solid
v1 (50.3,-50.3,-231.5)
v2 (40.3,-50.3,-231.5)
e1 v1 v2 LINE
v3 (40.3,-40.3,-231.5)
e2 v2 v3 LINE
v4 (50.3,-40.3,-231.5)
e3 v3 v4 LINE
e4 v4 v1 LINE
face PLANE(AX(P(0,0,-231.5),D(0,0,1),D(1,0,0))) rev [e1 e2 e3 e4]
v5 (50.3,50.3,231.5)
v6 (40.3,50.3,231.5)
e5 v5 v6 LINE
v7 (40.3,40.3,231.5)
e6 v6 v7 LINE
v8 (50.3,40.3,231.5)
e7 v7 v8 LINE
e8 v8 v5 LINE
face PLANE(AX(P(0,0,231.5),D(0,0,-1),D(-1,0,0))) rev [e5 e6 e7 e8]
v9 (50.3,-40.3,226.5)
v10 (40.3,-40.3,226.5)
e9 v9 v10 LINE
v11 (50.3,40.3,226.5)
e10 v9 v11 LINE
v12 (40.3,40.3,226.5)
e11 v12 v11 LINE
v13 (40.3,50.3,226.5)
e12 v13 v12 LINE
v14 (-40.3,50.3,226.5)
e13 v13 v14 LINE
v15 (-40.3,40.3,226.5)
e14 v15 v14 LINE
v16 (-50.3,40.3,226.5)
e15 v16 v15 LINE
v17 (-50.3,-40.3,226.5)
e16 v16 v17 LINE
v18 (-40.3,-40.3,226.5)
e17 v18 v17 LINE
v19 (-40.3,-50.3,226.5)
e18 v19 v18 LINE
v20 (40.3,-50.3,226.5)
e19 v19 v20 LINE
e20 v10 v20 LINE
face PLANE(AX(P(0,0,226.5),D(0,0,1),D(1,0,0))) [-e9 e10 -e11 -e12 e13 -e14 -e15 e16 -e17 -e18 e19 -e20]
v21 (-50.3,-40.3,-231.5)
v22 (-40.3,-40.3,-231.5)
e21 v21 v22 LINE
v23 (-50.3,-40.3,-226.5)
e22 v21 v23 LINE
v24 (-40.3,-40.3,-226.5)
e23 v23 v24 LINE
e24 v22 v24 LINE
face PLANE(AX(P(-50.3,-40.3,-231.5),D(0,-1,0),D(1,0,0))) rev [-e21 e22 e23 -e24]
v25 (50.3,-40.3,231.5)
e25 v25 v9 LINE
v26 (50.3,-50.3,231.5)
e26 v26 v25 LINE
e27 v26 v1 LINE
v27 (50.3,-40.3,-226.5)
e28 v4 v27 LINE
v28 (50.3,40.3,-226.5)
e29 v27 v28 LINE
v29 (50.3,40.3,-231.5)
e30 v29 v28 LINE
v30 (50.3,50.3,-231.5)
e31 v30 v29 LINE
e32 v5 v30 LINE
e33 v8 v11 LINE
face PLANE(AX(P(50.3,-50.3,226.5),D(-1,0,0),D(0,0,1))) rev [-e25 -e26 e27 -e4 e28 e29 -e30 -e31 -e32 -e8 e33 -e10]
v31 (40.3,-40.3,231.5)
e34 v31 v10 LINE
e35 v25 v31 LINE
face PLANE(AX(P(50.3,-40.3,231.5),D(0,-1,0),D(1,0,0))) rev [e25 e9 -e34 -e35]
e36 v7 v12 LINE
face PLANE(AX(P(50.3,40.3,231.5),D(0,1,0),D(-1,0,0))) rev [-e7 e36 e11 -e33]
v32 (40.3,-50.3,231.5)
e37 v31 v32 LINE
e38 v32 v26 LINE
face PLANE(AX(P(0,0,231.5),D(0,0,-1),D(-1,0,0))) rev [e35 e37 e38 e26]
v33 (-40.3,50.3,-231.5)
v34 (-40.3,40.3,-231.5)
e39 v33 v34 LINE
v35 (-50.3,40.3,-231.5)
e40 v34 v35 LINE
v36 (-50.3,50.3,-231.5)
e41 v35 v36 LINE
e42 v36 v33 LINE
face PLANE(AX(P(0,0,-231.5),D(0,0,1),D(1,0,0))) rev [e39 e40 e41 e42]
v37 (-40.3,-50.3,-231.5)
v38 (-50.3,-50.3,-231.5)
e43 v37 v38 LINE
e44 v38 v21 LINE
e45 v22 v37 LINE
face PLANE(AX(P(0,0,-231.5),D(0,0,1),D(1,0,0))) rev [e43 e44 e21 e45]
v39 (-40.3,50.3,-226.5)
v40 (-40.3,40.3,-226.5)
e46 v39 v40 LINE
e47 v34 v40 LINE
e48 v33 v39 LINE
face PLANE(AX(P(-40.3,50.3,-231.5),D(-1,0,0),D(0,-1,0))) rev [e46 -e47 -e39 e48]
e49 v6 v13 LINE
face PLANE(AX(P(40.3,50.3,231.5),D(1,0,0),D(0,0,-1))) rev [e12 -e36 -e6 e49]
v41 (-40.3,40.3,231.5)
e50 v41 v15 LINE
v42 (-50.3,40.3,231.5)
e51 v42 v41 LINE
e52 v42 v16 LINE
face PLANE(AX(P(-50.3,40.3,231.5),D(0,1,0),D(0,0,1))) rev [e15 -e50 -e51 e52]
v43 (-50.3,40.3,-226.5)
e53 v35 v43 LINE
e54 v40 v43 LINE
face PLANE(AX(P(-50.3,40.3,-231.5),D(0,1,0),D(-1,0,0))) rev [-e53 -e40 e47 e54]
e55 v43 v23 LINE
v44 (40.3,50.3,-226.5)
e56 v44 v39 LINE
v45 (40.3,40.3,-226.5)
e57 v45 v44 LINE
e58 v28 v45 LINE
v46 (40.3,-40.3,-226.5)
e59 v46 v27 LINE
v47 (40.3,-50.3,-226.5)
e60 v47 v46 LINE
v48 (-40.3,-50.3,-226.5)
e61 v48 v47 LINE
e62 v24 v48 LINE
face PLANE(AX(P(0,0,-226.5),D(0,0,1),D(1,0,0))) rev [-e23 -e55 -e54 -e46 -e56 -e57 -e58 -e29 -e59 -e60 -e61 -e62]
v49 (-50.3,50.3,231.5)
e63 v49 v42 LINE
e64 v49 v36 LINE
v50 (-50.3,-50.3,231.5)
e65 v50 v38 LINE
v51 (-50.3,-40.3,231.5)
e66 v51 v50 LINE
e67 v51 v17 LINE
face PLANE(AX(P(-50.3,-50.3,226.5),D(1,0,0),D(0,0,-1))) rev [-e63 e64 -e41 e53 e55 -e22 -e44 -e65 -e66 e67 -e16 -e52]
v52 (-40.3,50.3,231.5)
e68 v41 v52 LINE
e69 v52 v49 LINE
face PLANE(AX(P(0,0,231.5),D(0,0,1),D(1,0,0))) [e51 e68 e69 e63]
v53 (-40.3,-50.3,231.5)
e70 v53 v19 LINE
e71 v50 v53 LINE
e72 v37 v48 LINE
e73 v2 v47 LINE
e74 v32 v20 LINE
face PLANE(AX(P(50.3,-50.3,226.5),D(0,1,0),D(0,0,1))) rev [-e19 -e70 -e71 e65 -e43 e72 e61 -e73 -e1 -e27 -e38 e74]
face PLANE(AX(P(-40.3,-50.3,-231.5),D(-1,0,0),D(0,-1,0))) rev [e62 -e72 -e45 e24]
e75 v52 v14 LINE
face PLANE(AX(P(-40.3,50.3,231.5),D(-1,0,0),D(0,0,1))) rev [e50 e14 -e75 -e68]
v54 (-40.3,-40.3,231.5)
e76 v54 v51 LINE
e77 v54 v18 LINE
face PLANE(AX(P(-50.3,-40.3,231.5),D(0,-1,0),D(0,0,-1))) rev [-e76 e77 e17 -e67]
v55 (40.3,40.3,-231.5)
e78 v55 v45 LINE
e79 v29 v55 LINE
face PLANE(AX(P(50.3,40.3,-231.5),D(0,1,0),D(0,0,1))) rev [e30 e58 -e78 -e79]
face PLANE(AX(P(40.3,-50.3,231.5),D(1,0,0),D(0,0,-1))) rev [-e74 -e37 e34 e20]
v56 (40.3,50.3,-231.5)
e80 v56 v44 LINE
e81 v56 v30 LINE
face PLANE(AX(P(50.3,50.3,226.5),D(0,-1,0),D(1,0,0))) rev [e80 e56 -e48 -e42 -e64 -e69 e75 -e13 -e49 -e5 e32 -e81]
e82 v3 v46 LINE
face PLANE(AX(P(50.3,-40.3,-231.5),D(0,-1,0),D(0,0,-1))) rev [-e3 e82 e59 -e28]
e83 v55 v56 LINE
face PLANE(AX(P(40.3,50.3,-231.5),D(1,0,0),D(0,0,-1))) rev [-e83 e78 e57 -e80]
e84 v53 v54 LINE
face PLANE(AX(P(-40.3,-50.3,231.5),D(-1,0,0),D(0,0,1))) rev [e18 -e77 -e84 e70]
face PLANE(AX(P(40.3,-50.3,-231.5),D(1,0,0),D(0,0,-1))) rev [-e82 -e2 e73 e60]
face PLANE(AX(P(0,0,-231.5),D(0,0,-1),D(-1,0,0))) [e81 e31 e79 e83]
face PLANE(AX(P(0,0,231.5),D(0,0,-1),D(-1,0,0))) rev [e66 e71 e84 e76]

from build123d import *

# Parameters (mm, degrees)
SKETCH1_W           = 100.6
SKETCH1_H           = 100.6
BOSS_EXTRUDE1_DEPTH = 226.5
SKETCH2_W           = 10
SKETCH2_H           = 10
BOSS_EXTRUDE2_DEPTH = 5
SKETCH3_W           = 10
SKETCH3_H           = 10
BOSS_EXTRUDE3_DEPTH = 5


with BuildPart() as part:
    # Sketch1 → Boss-Extrude1 (new, symmetric)
    with BuildSketch(Plane.XY):
        Rectangle(SKETCH1_W, SKETCH1_H)
    extrude(amount=BOSS_EXTRUDE1_DEPTH, both=True)

    # Sketch2 → Boss-Extrude2 (add)
    with BuildSketch(Plane.XY.offset(226.5)):
        with Locations((-45.3, 45.3)):
            Rectangle(SKETCH2_W, SKETCH2_H)
        with Locations((45.3, 45.3)):
            Rectangle(SKETCH2_W, SKETCH2_H)
        with Locations((45.3, -45.3)):
            Rectangle(SKETCH2_W, SKETCH2_H)
        with Locations((-45.3, -45.3)):
            Rectangle(SKETCH2_W, SKETCH2_H)
    extrude(amount=BOSS_EXTRUDE2_DEPTH)

    # Sketch3 → Boss-Extrude3 (add)
    with BuildSketch(Plane(origin=(0, 0, -226.5), x_dir=(-1, 0, 0), z_dir=(0, 0, -1))):
        with Locations((-45.3, 45.3)):
            Rectangle(SKETCH3_W, SKETCH3_H)
        with Locations((45.3, 45.3)):
            Rectangle(SKETCH3_W, SKETCH3_H)
        with Locations((45.3, -45.3)):
            Rectangle(SKETCH3_W, SKETCH3_H)
        with Locations((-45.3, -45.3)):
            Rectangle(SKETCH3_W, SKETCH3_H)
    extrude(amount=BOSS_EXTRUDE3_DEPTH)


solid = part.part
